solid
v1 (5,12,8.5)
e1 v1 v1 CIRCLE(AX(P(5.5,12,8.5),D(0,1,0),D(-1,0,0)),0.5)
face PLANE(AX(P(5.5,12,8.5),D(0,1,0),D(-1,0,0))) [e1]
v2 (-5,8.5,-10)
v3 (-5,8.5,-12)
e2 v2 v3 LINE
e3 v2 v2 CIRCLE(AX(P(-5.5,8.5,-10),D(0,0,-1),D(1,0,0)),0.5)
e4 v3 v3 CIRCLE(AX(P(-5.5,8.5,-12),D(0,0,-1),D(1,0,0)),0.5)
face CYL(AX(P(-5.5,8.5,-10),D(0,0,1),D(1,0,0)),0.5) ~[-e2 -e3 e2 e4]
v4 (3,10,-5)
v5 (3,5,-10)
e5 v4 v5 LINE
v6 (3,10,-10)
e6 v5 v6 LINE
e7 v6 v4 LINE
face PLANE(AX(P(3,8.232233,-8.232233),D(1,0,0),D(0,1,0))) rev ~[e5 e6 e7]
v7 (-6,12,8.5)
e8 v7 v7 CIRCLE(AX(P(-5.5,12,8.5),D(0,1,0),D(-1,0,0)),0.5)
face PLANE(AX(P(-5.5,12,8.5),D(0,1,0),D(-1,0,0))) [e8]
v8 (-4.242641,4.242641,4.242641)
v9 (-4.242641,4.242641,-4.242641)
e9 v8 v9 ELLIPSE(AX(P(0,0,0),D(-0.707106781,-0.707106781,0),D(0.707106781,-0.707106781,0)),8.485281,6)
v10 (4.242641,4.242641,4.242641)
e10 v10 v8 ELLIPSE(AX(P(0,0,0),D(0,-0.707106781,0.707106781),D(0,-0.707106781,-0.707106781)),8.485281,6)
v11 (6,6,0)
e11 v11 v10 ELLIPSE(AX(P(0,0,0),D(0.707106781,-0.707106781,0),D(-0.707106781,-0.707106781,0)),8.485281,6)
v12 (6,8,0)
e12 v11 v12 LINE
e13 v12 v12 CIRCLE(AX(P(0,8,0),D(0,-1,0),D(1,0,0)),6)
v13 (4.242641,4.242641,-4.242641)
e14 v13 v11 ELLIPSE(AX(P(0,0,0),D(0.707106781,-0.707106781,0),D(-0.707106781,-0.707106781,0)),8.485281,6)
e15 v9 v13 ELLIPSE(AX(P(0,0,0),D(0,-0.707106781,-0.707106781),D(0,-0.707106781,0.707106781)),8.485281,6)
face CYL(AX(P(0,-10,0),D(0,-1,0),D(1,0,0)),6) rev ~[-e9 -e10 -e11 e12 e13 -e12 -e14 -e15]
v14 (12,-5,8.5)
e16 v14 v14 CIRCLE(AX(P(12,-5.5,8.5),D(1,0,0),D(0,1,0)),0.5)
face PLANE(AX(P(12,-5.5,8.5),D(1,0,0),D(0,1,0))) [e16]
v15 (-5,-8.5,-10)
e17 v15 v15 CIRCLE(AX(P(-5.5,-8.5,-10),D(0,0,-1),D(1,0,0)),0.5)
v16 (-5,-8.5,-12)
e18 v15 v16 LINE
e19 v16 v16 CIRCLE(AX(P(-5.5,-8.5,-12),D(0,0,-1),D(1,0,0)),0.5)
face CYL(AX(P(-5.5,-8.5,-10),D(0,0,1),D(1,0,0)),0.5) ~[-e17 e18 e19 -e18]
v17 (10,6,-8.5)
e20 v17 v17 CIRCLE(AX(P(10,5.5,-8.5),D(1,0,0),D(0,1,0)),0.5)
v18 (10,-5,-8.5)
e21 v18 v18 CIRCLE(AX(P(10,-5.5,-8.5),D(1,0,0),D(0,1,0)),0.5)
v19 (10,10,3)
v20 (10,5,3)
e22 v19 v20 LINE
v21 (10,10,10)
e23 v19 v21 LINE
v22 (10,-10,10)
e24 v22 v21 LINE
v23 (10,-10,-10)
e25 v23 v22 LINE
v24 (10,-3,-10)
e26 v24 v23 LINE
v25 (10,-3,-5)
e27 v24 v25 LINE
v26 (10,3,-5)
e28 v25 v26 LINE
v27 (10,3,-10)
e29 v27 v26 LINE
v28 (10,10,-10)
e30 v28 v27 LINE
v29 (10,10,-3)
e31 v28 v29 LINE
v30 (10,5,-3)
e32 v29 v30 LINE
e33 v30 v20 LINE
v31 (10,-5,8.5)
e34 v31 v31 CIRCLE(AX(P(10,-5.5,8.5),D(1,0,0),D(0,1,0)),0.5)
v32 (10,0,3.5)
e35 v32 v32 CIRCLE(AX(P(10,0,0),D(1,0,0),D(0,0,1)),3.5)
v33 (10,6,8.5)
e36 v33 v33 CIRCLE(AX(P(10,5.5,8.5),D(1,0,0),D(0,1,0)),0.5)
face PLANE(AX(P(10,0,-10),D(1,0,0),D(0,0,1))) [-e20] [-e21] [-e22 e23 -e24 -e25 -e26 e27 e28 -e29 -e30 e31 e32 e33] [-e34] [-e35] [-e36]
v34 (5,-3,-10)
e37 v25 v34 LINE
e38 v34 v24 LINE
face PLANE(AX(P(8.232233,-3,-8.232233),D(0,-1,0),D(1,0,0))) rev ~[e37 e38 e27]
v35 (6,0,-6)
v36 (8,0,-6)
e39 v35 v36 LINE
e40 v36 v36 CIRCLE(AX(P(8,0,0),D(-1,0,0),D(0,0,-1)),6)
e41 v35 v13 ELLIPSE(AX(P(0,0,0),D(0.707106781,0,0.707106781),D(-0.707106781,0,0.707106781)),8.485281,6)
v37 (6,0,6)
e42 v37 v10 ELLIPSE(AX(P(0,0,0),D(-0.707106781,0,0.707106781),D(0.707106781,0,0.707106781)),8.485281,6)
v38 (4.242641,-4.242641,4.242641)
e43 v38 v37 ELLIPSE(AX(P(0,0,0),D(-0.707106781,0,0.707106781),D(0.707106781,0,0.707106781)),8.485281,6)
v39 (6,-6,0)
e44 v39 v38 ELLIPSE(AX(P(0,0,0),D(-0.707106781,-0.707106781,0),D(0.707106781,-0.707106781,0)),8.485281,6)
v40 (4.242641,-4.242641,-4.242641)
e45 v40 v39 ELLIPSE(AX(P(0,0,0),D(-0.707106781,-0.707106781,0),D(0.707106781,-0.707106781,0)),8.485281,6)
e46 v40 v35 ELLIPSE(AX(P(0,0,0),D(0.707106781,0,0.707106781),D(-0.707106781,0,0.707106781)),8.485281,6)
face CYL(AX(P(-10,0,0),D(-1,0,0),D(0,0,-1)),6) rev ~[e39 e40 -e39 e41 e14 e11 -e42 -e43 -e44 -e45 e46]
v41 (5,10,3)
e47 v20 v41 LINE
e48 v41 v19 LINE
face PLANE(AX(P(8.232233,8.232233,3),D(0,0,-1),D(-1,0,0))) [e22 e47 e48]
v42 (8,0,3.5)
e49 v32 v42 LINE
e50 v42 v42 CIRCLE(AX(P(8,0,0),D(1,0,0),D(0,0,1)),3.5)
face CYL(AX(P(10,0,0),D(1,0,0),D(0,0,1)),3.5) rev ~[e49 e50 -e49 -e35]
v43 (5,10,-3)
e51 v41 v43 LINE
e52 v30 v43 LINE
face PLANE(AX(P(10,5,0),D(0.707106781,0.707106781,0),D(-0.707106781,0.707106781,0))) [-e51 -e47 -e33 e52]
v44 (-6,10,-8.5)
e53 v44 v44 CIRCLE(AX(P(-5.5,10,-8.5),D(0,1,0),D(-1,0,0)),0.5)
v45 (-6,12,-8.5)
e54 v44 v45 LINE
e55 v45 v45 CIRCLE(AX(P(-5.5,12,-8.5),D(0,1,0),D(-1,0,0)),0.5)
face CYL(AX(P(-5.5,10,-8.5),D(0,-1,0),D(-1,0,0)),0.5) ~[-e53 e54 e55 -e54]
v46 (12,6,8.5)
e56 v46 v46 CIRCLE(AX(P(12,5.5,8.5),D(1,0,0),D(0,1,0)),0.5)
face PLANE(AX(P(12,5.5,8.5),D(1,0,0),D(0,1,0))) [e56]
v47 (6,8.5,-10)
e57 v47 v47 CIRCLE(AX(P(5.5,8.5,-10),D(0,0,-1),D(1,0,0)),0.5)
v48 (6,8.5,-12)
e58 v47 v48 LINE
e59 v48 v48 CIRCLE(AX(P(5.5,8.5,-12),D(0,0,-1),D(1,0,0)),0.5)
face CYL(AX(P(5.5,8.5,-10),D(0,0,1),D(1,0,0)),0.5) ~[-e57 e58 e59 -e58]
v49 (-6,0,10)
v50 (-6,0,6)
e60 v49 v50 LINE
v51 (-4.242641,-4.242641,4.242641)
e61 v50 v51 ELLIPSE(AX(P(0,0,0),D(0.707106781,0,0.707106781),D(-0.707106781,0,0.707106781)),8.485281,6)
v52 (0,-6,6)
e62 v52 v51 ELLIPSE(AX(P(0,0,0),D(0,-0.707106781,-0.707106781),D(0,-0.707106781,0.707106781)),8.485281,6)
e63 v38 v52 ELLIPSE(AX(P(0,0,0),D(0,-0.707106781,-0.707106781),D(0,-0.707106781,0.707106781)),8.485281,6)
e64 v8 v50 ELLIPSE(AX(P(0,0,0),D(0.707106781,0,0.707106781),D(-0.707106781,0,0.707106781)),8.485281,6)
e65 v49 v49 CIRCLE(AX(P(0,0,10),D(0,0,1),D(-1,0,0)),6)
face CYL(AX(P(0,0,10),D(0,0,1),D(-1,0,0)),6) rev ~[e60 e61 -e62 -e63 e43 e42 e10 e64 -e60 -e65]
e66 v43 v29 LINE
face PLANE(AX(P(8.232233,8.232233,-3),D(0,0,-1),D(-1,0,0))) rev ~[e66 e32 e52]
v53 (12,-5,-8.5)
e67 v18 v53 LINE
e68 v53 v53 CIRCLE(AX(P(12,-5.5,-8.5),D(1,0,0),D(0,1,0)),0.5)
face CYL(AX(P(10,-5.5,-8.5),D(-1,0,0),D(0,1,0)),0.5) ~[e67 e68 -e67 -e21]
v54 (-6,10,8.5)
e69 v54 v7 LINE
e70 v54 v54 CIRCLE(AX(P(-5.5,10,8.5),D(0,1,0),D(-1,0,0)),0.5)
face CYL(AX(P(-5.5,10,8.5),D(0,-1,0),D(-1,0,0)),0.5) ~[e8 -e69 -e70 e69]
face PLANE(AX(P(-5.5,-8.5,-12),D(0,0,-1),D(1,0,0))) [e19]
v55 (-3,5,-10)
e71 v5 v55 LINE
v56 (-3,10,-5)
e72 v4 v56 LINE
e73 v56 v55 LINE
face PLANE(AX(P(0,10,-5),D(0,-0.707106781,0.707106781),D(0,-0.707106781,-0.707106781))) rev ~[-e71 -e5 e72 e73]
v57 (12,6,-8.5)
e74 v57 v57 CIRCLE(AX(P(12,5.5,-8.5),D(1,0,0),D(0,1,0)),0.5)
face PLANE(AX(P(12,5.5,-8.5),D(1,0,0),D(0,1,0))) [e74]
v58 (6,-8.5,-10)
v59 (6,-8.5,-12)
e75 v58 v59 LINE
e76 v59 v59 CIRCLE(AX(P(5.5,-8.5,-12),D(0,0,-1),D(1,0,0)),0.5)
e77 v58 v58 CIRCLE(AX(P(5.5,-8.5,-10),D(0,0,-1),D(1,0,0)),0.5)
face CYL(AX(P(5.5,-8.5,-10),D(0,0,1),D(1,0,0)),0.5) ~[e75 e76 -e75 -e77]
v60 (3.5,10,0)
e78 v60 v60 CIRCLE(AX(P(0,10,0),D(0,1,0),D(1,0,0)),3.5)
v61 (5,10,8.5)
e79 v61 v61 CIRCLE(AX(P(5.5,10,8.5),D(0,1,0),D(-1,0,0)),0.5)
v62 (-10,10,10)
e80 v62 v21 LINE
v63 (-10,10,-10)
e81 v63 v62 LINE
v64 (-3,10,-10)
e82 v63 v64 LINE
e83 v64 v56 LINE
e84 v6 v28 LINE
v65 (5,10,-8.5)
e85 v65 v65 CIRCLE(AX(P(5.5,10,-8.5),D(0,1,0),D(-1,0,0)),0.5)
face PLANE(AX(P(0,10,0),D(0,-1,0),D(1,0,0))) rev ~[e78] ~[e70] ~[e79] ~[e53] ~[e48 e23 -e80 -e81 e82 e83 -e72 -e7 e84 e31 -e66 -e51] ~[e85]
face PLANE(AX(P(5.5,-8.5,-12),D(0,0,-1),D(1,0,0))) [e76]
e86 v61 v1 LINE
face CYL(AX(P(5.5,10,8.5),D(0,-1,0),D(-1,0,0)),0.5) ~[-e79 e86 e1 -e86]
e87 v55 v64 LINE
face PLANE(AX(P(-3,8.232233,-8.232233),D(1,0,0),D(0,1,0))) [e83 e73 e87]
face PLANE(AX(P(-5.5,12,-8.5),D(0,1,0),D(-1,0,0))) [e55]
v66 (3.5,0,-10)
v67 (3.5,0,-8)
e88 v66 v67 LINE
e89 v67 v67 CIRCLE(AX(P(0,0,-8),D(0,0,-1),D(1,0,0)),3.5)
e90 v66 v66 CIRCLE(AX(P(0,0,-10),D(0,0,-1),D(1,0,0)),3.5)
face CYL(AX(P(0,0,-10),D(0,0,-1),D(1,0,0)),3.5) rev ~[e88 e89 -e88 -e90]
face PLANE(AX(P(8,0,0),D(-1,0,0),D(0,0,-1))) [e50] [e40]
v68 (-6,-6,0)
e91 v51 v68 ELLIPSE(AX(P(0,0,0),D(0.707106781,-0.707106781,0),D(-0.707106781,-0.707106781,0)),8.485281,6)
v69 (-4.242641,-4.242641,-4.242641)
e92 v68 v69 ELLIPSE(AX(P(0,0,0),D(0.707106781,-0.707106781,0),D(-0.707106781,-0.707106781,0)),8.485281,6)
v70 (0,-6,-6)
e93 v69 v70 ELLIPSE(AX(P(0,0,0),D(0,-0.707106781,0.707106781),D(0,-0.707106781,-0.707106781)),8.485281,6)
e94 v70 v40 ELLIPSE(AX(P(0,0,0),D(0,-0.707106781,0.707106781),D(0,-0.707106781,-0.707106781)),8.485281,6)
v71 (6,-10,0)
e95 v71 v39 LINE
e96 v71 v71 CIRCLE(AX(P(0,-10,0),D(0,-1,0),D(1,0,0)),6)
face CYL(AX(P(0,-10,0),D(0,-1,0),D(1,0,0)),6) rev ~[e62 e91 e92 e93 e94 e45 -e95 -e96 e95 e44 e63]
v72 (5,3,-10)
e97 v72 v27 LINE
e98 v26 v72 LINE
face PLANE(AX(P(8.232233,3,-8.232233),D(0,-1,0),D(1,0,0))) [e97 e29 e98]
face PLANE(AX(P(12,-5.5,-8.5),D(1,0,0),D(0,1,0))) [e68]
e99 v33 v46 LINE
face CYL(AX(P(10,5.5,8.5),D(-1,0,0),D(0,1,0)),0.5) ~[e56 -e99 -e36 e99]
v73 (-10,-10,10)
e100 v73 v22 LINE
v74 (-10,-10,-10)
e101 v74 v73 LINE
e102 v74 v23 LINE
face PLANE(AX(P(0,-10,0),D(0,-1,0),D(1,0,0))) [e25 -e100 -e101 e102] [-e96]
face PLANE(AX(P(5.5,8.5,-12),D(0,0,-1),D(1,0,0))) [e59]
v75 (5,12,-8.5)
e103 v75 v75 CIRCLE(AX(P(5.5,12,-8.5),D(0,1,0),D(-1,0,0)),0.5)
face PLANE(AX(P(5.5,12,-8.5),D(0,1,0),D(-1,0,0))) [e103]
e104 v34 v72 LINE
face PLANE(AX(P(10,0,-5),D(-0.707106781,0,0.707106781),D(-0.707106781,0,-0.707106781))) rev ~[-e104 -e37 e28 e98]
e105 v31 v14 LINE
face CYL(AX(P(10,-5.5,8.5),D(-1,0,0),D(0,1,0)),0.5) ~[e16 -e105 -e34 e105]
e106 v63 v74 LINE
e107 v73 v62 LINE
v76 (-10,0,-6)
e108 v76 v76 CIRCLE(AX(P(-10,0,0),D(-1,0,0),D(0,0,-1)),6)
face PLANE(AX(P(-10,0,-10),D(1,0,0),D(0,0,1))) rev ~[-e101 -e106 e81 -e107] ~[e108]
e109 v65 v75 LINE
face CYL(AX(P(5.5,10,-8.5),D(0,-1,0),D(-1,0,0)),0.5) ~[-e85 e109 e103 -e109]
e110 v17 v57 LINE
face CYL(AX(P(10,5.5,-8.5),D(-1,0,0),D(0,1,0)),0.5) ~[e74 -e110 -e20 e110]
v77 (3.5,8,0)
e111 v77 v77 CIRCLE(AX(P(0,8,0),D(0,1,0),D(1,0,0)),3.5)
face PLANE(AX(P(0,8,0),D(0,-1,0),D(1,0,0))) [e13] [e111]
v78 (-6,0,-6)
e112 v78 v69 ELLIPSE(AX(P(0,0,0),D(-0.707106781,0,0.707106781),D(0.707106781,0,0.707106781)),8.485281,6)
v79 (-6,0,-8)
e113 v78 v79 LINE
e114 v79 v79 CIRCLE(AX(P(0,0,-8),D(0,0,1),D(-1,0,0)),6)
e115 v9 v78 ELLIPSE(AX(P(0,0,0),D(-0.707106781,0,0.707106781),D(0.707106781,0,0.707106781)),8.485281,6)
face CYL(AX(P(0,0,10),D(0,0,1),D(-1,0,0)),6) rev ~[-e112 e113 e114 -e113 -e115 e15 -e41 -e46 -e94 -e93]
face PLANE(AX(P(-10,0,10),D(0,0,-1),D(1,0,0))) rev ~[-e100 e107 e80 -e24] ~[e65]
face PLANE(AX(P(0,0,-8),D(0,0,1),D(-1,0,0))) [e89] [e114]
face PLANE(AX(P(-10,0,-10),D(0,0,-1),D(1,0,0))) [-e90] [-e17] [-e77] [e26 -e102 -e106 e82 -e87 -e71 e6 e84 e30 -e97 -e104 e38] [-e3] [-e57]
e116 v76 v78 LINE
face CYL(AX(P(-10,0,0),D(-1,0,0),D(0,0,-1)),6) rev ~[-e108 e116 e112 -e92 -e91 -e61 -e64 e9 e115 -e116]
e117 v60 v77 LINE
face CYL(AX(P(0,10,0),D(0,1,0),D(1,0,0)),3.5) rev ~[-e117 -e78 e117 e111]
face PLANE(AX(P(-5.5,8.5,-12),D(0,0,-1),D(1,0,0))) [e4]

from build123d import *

# Parameters (mm, degrees)
PAD003_DEPTH    = 3
PAD002_DEPTH    = 3
PAD001_DEPTH    = 3
SKETCH_W        = 20
SKETCH_H        = 20
PAD_DEPTH       = 10
SKETCH001_R     = 6
POCKET_DEPTH    = 18
SKETCH003_R     = 6
POCKET001_DEPTH = 18
SKETCH004_R     = 6
POCKET002_DEPTH = 18
SKETCH005_R     = 3.5
POCKET003_DEPTH = 5
SKETCH006_R     = 3.5
POCKET004_DEPTH = 5
SKETCH007_R     = 3.5
POCKET005_DEPTH = 5
SKETCH011_R     = 0.5
PAD004_DEPTH    = 2
SKETCH012_R     = 0.5
PAD005_DEPTH    = 2
SKETCH013_R     = 0.5
PAD006_DEPTH    = 2


with BuildPart() as pad003:
    # Sketch010 → Pad003 (new body, symmetric)
    with BuildSketch(Plane.YZ):
        Polygon((5, -10), (10, -10), (10, -5), align=None)
    extrude(amount=PAD003_DEPTH, both=True)


with BuildPart() as pad002:
    # Sketch009 → Pad002 (new body, symmetric)
    with BuildSketch(Plane.XZ):
        Polygon((5, -10), (10, -10), (10, -5), align=None)
    extrude(amount=PAD002_DEPTH, both=True)


with BuildPart() as pad001:
    # Sketch008 → Pad001 (new body, symmetric)
    with BuildSketch(Plane.XY):
        Polygon((10, 5), (5, 10), (10, 10), align=None)
    extrude(amount=PAD001_DEPTH, both=True)


with BuildPart() as pad006:
    # Sketch → Pad (new body, symmetric)
    with BuildSketch(Plane.XZ):
        Rectangle(SKETCH_W, SKETCH_H)
    extrude(amount=PAD_DEPTH, both=True)

    # Sketch001 → Pocket (cut)
    with BuildSketch(Plane.XZ.offset(10)):
        Circle(SKETCH001_R)
    extrude(amount=-POCKET_DEPTH, mode=Mode.SUBTRACT)

    # Sketch003 → Pocket001 (cut)
    with BuildSketch(Plane(origin=(0, 0, 10), x_dir=(-1, 0, 0), z_dir=(0, 0, 1))):
        Circle(SKETCH003_R)
    extrude(amount=-POCKET001_DEPTH, mode=Mode.SUBTRACT)

    # Sketch004 → Pocket002 (cut)
    with BuildSketch(Plane(origin=(-10, 0, 0), x_dir=(0, 0, -1), z_dir=(-1, 0, 0))):
        Circle(SKETCH004_R)
    extrude(amount=-POCKET002_DEPTH, mode=Mode.SUBTRACT)

    # Sketch005 → Pocket003 (cut)
    with BuildSketch(Plane(origin=(0, 0, -10), x_dir=(1, 0, 0), z_dir=(0, 0, -1))):
        Circle(SKETCH005_R)
    extrude(amount=-POCKET003_DEPTH, mode=Mode.SUBTRACT)

    # Sketch006 → Pocket004 (cut)
    with BuildSketch(Plane(origin=(0, 10, 0), x_dir=(1, 0, 0), z_dir=(0, 1, 0))):
        Circle(SKETCH006_R)
    extrude(amount=-POCKET004_DEPTH, mode=Mode.SUBTRACT)

    # Sketch007 → Pocket005 (cut)
    with BuildSketch(Plane(origin=(10, 0, 0), x_dir=(0, 0, 1), z_dir=(1, 0, 0))):
        Circle(SKETCH007_R)
    extrude(amount=-POCKET005_DEPTH, mode=Mode.SUBTRACT)

    # Cut: cut Pad001
    add(pad001.part, mode=Mode.SUBTRACT)

    # Cut001: cut Pad002
    add(pad002.part, mode=Mode.SUBTRACT)

    # Cut002: cut Pad003
    add(pad003.part, mode=Mode.SUBTRACT)

    # Sketch011 → Pad004 (new body)
    with BuildSketch(Plane.YZ.offset(10)):
        with Locations((-5.5, 8.5)):
            Circle(SKETCH011_R)
        with Locations((5.5, 8.5)):
            Circle(SKETCH011_R)
        with Locations((-5.5, -8.5)):
            Circle(SKETCH011_R)
        with Locations((5.5, -8.5)):
            Circle(SKETCH011_R)
    extrude(amount=PAD004_DEPTH)

    # Sketch012 → Pad005 (new body)
    with BuildSketch(Plane(origin=(0, 10, 0), x_dir=(-1, 0, 0), z_dir=(0, 1, 0))):
        with Locations((-5.5, 8.5)):
            Circle(SKETCH012_R)
        with Locations((5.5, 8.5)):
            Circle(SKETCH012_R)
        with Locations((5.5, -8.5)):
            Circle(SKETCH012_R)
        with Locations((-5.5, -8.5)):
            Circle(SKETCH012_R)
    extrude(amount=PAD005_DEPTH)

    # Sketch013 → Pad006 (new body)
    with BuildSketch(Plane(origin=(0, 0, -10), x_dir=(1, 0, 0), z_dir=(0, 0, -1))):
        with Locations((-5.5, 8.5)):
            Circle(SKETCH013_R)
        with Locations((5.5, 8.5)):
            Circle(SKETCH013_R)
        with Locations((-5.5, -8.5)):
            Circle(SKETCH013_R)
        with Locations((5.5, -8.5)):
            Circle(SKETCH013_R)
    extrude(amount=PAD006_DEPTH)


solid = pad006.part
